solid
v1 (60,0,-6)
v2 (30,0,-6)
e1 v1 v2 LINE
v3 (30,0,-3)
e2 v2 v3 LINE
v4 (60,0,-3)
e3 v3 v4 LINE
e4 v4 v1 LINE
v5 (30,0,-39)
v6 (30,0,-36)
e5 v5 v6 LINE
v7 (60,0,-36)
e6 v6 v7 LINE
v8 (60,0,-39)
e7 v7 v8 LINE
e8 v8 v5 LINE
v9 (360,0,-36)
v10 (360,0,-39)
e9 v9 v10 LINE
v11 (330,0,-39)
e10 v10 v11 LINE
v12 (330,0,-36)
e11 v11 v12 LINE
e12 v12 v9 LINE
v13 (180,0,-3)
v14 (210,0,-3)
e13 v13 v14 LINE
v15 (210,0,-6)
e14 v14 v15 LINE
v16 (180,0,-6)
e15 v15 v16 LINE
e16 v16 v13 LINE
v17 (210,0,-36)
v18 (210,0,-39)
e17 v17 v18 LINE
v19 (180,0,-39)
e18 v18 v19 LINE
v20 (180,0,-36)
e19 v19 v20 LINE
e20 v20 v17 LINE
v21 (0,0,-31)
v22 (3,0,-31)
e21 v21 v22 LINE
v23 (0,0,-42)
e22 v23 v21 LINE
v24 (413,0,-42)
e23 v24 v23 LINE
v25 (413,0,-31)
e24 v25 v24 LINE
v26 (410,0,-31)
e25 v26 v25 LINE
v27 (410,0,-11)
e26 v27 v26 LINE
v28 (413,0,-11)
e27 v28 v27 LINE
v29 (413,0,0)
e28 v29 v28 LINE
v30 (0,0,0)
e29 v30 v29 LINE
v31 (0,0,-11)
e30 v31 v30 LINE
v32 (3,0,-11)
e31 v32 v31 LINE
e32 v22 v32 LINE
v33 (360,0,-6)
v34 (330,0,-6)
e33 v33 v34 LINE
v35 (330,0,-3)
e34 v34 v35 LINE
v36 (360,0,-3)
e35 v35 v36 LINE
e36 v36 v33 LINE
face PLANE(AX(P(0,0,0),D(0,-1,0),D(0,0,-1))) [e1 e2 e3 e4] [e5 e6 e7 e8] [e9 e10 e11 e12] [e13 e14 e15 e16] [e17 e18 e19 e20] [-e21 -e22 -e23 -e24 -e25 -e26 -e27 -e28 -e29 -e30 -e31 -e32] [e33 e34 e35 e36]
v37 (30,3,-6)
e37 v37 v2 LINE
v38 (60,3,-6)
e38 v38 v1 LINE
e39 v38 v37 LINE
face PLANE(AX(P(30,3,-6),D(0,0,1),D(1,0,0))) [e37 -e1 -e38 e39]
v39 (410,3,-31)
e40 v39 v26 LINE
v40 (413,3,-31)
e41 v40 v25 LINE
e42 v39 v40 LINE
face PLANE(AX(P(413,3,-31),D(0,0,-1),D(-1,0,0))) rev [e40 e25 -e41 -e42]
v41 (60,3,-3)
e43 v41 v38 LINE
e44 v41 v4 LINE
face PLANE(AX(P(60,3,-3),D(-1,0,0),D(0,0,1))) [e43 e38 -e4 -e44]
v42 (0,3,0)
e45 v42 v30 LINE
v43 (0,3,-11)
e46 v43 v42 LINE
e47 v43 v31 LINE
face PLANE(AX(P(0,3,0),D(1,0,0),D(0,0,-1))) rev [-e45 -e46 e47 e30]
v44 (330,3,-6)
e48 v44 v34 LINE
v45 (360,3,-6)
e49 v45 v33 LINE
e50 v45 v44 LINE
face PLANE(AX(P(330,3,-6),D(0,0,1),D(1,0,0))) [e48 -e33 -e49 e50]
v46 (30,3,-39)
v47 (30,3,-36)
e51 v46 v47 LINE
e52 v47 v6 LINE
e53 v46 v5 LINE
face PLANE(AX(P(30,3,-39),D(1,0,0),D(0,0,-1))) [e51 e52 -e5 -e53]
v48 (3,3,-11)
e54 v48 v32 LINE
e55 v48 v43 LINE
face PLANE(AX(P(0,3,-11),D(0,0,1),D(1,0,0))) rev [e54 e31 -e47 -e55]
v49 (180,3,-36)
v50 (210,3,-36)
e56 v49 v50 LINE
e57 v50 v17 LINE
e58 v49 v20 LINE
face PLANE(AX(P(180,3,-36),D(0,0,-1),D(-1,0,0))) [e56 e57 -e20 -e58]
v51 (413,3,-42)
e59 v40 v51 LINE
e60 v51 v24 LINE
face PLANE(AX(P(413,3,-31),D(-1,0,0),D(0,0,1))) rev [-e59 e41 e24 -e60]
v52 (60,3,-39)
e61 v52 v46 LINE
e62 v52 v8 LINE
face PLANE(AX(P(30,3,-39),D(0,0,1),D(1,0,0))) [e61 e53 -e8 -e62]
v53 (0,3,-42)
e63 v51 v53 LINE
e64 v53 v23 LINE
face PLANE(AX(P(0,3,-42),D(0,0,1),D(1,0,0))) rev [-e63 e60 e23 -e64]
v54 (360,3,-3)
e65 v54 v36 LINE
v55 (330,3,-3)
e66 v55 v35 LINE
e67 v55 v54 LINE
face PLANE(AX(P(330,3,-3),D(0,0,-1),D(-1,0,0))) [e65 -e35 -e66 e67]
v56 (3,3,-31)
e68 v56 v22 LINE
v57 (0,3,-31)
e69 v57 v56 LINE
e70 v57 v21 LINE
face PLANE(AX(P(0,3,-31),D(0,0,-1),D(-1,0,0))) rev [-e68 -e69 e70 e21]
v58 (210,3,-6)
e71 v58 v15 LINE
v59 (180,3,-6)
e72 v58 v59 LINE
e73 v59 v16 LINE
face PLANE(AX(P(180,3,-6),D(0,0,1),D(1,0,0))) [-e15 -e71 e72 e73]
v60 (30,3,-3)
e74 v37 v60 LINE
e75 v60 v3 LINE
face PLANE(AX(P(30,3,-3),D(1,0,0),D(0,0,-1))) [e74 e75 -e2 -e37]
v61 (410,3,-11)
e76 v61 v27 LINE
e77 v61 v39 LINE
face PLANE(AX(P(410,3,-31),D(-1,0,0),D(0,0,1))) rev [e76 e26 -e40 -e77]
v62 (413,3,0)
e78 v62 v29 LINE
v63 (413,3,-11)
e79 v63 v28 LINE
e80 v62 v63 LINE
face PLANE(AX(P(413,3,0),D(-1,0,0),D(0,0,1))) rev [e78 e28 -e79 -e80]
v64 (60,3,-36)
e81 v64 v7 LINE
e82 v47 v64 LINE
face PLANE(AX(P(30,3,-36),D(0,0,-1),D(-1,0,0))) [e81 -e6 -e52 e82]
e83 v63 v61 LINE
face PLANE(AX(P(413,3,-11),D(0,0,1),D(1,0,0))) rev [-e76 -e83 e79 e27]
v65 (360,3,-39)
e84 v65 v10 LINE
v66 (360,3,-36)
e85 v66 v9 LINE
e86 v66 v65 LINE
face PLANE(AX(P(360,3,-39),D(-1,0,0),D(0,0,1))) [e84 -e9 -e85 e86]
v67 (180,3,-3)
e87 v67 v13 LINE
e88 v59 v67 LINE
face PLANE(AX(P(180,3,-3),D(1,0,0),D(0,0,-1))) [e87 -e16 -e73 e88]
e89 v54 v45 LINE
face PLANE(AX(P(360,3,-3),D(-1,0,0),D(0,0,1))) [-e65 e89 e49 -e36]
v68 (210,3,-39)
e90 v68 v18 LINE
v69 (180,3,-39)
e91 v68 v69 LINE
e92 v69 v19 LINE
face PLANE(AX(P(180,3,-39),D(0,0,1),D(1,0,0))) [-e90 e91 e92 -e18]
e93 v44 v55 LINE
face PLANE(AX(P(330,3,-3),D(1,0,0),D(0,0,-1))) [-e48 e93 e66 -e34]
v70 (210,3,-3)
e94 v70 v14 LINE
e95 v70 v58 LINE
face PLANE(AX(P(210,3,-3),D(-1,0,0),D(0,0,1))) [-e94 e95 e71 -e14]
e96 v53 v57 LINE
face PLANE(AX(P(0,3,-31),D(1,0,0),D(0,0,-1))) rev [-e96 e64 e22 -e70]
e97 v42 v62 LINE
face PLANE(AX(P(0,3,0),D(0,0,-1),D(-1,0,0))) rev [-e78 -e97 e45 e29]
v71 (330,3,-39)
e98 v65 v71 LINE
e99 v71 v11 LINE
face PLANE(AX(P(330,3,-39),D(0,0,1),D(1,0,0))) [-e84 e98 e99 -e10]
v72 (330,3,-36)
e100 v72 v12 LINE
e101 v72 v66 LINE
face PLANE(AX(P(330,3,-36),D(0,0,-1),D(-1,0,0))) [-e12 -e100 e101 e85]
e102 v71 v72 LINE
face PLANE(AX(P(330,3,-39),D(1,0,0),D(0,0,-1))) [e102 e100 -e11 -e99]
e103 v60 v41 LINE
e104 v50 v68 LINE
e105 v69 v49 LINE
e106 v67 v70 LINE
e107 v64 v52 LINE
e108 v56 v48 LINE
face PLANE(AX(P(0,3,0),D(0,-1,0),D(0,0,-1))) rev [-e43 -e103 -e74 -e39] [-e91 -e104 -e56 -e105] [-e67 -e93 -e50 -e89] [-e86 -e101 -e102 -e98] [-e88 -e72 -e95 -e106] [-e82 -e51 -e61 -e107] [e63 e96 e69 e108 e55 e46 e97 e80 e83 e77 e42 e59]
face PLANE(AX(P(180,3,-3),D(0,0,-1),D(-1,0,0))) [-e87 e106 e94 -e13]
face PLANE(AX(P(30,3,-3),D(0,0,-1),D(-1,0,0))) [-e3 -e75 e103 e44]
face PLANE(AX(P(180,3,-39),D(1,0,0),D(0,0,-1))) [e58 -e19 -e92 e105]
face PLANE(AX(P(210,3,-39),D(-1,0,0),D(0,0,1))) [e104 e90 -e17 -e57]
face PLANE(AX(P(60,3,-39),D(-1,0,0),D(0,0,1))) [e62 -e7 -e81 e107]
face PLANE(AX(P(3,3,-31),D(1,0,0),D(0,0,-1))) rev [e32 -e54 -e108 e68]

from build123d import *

# Parameters (mm, degrees)
SKETCH1_W           = 30
SKETCH1_H           = 3
BOSS_EXTRUDE1_DEPTH = 3


with BuildPart() as part:
    # Sketch1 → Boss-Extrude1 (new body)
    with BuildSketch(Plane(origin=(0, 0, 0), x_dir=(1, 0, 0), z_dir=(0, 1, 0))):
        Polygon((0, 0), (413, 0), (413, 11), (410, 11), (410, 31), (413, 31), (413, 42), (0, 42), (0, 31), (3, 31), (3, 11), (0, 11), align=None)
        with Locations((45, 37.5)):
            Rectangle(SKETCH1_W, SKETCH1_H, mode=Mode.SUBTRACT)
        with Locations((195, 37.5)):
            Rectangle(SKETCH1_W, SKETCH1_H, mode=Mode.SUBTRACT)
        with Locations((345, 37.5)):
            Rectangle(SKETCH1_W, SKETCH1_H, mode=Mode.SUBTRACT)
        with Locations((345, 4.5)):
            Rectangle(SKETCH1_W, SKETCH1_H, mode=Mode.SUBTRACT)
        with Locations((195, 4.5)):
            Rectangle(SKETCH1_W, SKETCH1_H, mode=Mode.SUBTRACT)
        with Locations((45, 4.5)):
            Rectangle(SKETCH1_W, SKETCH1_H, mode=Mode.SUBTRACT)
    extrude(amount=BOSS_EXTRUDE1_DEPTH)


solid = part.part
